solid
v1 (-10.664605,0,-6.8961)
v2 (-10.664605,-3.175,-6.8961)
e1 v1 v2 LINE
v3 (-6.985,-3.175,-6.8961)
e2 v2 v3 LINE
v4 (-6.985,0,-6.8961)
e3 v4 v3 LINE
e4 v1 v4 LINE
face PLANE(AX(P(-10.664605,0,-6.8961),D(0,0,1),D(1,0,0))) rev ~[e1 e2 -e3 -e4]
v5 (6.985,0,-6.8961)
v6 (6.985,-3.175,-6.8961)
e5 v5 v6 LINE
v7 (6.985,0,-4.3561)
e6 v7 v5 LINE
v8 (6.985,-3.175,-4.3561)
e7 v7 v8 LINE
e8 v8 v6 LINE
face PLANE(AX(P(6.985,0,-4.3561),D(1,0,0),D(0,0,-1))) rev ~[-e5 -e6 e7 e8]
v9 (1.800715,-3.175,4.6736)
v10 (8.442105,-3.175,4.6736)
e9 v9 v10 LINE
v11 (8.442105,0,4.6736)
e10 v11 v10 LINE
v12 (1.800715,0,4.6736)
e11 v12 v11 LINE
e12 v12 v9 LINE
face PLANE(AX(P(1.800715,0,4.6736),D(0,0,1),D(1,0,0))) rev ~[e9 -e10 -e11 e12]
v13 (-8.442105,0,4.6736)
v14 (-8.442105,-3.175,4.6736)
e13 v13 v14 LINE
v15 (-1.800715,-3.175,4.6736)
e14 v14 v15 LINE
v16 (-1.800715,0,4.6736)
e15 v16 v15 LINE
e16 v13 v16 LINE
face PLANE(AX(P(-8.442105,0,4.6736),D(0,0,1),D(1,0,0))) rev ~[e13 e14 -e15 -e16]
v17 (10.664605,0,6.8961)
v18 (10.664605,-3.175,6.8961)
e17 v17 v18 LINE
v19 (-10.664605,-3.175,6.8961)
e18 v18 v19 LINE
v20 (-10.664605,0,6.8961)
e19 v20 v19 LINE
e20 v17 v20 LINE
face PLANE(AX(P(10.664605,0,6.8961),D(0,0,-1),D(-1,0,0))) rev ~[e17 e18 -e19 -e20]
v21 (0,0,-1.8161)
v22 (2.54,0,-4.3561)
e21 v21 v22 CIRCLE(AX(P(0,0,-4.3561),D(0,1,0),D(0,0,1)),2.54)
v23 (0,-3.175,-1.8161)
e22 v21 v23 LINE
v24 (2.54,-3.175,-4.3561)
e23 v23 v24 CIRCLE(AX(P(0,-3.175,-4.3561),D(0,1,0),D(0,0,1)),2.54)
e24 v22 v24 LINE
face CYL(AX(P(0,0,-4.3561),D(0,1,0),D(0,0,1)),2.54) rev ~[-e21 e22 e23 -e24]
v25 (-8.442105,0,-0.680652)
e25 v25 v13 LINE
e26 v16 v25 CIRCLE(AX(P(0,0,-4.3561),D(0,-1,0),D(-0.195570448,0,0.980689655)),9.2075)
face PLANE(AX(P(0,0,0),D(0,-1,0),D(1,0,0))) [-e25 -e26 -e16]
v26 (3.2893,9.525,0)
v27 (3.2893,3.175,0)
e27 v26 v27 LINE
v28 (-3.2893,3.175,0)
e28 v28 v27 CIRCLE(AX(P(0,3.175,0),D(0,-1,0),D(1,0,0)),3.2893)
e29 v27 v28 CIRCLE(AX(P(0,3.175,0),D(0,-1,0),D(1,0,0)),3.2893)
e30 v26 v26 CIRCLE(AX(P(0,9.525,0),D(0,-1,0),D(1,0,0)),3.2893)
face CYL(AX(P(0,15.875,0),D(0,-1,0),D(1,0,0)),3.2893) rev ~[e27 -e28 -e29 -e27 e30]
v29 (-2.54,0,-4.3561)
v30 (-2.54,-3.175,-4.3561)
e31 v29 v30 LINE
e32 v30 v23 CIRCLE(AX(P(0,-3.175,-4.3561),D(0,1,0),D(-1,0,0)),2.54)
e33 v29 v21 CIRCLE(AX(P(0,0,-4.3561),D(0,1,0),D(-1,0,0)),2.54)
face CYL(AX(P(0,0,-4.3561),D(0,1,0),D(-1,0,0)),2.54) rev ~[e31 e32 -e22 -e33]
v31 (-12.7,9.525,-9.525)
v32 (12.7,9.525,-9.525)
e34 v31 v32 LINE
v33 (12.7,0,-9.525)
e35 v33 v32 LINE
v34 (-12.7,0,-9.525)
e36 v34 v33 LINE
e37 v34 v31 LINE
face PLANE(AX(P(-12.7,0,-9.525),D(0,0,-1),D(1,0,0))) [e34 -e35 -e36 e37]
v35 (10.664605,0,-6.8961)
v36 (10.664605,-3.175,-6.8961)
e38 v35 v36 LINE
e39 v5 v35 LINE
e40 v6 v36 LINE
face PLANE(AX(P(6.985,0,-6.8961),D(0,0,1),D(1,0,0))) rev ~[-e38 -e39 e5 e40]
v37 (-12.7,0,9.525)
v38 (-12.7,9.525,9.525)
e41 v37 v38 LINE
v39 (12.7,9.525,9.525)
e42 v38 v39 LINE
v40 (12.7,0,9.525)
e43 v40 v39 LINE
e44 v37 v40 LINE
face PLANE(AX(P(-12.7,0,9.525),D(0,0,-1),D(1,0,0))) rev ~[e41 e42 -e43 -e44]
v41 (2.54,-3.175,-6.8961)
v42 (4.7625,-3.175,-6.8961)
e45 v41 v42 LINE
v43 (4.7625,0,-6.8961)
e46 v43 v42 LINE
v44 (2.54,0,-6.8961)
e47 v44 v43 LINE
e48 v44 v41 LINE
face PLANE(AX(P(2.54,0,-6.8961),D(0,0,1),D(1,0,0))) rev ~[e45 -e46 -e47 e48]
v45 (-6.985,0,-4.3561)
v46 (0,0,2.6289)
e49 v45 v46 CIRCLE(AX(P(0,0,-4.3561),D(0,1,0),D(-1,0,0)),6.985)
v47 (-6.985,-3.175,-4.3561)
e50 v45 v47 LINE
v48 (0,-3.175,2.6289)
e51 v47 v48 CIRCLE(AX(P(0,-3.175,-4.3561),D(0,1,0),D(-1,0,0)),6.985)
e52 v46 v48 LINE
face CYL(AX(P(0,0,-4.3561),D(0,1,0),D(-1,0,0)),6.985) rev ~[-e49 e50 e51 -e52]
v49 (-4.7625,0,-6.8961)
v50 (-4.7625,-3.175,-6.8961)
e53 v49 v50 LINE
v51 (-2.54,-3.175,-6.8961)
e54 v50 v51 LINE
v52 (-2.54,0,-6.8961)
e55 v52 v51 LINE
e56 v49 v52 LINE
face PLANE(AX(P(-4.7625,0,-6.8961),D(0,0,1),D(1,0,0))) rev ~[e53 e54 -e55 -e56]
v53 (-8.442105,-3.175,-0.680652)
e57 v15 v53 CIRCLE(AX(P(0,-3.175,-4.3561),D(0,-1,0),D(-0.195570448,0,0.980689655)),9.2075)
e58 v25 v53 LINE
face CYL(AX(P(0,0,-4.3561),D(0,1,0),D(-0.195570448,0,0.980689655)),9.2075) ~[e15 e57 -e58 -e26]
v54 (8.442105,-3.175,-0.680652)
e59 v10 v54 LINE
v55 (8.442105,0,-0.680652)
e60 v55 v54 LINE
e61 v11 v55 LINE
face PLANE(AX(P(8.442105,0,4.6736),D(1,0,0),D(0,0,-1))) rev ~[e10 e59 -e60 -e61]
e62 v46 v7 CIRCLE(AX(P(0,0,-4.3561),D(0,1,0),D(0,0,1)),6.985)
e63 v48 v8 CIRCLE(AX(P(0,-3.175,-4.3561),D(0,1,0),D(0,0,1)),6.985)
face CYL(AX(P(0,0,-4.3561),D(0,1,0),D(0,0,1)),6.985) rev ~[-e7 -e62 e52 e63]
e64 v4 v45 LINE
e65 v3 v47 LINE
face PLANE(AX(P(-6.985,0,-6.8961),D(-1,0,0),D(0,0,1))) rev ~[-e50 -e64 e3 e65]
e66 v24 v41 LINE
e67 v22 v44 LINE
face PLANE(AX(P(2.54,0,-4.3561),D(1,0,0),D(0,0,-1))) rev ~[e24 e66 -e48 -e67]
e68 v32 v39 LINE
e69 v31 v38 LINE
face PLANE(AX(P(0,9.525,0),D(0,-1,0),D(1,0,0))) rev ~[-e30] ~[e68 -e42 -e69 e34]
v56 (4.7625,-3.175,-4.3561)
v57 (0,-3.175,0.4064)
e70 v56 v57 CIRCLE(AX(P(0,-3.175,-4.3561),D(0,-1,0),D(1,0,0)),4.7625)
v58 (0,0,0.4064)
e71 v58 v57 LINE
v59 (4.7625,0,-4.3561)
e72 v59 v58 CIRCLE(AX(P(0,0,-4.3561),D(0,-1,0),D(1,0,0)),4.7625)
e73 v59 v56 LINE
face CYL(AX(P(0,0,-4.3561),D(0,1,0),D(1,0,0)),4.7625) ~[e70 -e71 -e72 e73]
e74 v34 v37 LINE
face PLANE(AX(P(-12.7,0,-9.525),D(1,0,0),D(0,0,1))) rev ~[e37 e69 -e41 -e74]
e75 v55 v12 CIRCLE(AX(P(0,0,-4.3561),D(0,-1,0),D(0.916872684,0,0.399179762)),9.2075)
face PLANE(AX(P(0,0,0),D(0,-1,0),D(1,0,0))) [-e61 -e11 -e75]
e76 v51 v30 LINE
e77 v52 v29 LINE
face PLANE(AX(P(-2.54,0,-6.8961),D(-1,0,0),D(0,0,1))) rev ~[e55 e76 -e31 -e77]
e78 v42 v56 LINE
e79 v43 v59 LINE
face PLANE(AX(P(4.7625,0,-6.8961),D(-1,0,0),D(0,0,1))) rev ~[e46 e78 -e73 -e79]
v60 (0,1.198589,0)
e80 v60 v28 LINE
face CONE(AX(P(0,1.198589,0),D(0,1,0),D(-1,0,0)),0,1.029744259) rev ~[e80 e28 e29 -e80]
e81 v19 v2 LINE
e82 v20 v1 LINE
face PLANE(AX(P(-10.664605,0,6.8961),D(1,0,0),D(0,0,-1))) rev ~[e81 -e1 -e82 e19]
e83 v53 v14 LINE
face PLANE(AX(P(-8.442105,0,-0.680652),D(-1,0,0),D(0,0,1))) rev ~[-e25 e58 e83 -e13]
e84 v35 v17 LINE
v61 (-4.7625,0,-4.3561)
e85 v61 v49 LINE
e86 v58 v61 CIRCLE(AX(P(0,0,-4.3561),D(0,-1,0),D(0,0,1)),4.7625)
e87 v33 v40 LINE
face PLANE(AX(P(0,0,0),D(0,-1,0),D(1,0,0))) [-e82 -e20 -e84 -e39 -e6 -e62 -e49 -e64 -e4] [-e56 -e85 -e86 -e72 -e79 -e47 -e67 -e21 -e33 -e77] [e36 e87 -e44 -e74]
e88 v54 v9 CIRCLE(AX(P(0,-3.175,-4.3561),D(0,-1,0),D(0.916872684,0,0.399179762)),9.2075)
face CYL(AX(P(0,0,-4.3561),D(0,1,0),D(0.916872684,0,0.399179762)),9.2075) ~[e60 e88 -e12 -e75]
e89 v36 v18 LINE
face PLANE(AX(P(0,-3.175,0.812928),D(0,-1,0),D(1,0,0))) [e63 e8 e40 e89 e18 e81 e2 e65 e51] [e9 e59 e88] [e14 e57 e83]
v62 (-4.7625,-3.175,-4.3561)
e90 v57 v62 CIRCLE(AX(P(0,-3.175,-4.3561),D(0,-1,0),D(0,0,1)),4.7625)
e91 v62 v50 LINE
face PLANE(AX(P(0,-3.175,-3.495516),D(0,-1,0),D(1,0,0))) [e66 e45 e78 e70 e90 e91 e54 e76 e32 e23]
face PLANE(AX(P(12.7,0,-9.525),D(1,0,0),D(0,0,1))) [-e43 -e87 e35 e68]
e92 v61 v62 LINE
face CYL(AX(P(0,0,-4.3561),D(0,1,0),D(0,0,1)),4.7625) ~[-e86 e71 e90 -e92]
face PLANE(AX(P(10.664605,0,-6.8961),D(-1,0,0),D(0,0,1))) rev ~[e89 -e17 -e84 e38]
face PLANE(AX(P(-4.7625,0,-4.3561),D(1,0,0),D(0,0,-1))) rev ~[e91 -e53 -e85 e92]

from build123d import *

# Parameters (mm, degrees)
F0_W     = 25.4
F0_H     = 19.05
F1_DEPTH = 9.525
F3_DEPTH = 3.175
F5_D     = 6.5786
F5_DEPTH = 6.35
F5_TIP   = 1.9764108342


with BuildPart() as f1:
    # F0 (on Front) → F1 (new body)
    with BuildSketch(Plane.XZ):
        Rectangle(F0_W, F0_H)
    extrude(amount=-F1_DEPTH)

    # F2 (on face) → F3 (join)
    with BuildSketch(Plane.XZ):
        with BuildLine():
            Line((10.6646052337, 6.8961), (0, 6.8961))
            Line((0, 6.8961), (-10.6646052337, 6.8961))
            Line((-10.6646052337, 6.8961), (-10.6646052337, -6.8961))
            Line((-10.6646052337, -6.8961), (-6.985, -6.8961))
            Line((-6.985, -6.8961), (-6.985, -4.3561))
            ThreePointArc((-6.985, -4.3561), (-4.9391408666, 0.5830408666), (0, 2.6289))
            ThreePointArc((0, 2.6289), (4.9391408666, 0.5830408666), (6.985, -4.3561))
            Line((6.985, -4.3561), (6.985, -6.8961))
            Line((6.985, -6.8961), (10.6646052337, -6.8961))
            Line((10.6646052337, -6.8961), (10.6646052337, 6.8961))
        make_face()
        with BuildLine():
            ThreePointArc((-1.8007149025, 4.6736), (-5.7789138794, 2.8120385746), (-8.4421052337, -0.6806523438))
            Line((-8.4421052337, -0.6806523438), (-8.4421052337, 4.6736))
            Line((-8.4421052337, 4.6736), (-1.8007149025, 4.6736))
        make_face(mode=Mode.SUBTRACT)
        with BuildLine():
            ThreePointArc((8.4421052337, -0.6806523438), (5.7789138794, 2.8120385746), (1.8007149025, 4.6736))
            Line((1.8007149025, 4.6736), (8.4421052337, 4.6736))
            Line((8.4421052337, 4.6736), (8.4421052337, -0.6806523438))
        make_face(mode=Mode.SUBTRACT)
        with BuildLine():
            Line((2.54, -4.3561), (2.54, -6.8961))
            Line((2.54, -6.8961), (4.7625, -6.8961))
            Line((4.7625, -6.8961), (4.7625, -4.3561))
            ThreePointArc((4.7625, -4.3561), (3.3675960454, -0.9885039546), (0, 0.4064))
            ThreePointArc((0, 0.4064), (-3.3675960454, -0.9885039546), (-4.7625, -4.3561))
            Line((-4.7625, -4.3561), (-4.7625, -6.8961))
            Line((-4.7625, -6.8961), (-2.54, -6.8961))
            Line((-2.54, -6.8961), (-2.54, -4.3561))
            ThreePointArc((-2.54, -4.3561), (-1.7960512242, -2.5600487758), (0, -1.8161))
            ThreePointArc((0, -1.8161), (1.7960512242, -2.5600487758), (2.54, -4.3561))
        make_face()
    extrude(amount=F3_DEPTH)

    # F5
    with Locations(Plane(origin=(0, 9.525, 0), x_dir=(-1, 0, 0), z_dir=(0, 1, 0))):
        with Locations((0, 0)):
            Hole(F5_D / 2, depth=F5_DEPTH)
            with Locations((0, 0, -(F5_DEPTH + F5_TIP / 2))):  # 118° drill point
                Cone(0, F5_D / 2, F5_TIP, mode=Mode.SUBTRACT)


solid = f1.part
